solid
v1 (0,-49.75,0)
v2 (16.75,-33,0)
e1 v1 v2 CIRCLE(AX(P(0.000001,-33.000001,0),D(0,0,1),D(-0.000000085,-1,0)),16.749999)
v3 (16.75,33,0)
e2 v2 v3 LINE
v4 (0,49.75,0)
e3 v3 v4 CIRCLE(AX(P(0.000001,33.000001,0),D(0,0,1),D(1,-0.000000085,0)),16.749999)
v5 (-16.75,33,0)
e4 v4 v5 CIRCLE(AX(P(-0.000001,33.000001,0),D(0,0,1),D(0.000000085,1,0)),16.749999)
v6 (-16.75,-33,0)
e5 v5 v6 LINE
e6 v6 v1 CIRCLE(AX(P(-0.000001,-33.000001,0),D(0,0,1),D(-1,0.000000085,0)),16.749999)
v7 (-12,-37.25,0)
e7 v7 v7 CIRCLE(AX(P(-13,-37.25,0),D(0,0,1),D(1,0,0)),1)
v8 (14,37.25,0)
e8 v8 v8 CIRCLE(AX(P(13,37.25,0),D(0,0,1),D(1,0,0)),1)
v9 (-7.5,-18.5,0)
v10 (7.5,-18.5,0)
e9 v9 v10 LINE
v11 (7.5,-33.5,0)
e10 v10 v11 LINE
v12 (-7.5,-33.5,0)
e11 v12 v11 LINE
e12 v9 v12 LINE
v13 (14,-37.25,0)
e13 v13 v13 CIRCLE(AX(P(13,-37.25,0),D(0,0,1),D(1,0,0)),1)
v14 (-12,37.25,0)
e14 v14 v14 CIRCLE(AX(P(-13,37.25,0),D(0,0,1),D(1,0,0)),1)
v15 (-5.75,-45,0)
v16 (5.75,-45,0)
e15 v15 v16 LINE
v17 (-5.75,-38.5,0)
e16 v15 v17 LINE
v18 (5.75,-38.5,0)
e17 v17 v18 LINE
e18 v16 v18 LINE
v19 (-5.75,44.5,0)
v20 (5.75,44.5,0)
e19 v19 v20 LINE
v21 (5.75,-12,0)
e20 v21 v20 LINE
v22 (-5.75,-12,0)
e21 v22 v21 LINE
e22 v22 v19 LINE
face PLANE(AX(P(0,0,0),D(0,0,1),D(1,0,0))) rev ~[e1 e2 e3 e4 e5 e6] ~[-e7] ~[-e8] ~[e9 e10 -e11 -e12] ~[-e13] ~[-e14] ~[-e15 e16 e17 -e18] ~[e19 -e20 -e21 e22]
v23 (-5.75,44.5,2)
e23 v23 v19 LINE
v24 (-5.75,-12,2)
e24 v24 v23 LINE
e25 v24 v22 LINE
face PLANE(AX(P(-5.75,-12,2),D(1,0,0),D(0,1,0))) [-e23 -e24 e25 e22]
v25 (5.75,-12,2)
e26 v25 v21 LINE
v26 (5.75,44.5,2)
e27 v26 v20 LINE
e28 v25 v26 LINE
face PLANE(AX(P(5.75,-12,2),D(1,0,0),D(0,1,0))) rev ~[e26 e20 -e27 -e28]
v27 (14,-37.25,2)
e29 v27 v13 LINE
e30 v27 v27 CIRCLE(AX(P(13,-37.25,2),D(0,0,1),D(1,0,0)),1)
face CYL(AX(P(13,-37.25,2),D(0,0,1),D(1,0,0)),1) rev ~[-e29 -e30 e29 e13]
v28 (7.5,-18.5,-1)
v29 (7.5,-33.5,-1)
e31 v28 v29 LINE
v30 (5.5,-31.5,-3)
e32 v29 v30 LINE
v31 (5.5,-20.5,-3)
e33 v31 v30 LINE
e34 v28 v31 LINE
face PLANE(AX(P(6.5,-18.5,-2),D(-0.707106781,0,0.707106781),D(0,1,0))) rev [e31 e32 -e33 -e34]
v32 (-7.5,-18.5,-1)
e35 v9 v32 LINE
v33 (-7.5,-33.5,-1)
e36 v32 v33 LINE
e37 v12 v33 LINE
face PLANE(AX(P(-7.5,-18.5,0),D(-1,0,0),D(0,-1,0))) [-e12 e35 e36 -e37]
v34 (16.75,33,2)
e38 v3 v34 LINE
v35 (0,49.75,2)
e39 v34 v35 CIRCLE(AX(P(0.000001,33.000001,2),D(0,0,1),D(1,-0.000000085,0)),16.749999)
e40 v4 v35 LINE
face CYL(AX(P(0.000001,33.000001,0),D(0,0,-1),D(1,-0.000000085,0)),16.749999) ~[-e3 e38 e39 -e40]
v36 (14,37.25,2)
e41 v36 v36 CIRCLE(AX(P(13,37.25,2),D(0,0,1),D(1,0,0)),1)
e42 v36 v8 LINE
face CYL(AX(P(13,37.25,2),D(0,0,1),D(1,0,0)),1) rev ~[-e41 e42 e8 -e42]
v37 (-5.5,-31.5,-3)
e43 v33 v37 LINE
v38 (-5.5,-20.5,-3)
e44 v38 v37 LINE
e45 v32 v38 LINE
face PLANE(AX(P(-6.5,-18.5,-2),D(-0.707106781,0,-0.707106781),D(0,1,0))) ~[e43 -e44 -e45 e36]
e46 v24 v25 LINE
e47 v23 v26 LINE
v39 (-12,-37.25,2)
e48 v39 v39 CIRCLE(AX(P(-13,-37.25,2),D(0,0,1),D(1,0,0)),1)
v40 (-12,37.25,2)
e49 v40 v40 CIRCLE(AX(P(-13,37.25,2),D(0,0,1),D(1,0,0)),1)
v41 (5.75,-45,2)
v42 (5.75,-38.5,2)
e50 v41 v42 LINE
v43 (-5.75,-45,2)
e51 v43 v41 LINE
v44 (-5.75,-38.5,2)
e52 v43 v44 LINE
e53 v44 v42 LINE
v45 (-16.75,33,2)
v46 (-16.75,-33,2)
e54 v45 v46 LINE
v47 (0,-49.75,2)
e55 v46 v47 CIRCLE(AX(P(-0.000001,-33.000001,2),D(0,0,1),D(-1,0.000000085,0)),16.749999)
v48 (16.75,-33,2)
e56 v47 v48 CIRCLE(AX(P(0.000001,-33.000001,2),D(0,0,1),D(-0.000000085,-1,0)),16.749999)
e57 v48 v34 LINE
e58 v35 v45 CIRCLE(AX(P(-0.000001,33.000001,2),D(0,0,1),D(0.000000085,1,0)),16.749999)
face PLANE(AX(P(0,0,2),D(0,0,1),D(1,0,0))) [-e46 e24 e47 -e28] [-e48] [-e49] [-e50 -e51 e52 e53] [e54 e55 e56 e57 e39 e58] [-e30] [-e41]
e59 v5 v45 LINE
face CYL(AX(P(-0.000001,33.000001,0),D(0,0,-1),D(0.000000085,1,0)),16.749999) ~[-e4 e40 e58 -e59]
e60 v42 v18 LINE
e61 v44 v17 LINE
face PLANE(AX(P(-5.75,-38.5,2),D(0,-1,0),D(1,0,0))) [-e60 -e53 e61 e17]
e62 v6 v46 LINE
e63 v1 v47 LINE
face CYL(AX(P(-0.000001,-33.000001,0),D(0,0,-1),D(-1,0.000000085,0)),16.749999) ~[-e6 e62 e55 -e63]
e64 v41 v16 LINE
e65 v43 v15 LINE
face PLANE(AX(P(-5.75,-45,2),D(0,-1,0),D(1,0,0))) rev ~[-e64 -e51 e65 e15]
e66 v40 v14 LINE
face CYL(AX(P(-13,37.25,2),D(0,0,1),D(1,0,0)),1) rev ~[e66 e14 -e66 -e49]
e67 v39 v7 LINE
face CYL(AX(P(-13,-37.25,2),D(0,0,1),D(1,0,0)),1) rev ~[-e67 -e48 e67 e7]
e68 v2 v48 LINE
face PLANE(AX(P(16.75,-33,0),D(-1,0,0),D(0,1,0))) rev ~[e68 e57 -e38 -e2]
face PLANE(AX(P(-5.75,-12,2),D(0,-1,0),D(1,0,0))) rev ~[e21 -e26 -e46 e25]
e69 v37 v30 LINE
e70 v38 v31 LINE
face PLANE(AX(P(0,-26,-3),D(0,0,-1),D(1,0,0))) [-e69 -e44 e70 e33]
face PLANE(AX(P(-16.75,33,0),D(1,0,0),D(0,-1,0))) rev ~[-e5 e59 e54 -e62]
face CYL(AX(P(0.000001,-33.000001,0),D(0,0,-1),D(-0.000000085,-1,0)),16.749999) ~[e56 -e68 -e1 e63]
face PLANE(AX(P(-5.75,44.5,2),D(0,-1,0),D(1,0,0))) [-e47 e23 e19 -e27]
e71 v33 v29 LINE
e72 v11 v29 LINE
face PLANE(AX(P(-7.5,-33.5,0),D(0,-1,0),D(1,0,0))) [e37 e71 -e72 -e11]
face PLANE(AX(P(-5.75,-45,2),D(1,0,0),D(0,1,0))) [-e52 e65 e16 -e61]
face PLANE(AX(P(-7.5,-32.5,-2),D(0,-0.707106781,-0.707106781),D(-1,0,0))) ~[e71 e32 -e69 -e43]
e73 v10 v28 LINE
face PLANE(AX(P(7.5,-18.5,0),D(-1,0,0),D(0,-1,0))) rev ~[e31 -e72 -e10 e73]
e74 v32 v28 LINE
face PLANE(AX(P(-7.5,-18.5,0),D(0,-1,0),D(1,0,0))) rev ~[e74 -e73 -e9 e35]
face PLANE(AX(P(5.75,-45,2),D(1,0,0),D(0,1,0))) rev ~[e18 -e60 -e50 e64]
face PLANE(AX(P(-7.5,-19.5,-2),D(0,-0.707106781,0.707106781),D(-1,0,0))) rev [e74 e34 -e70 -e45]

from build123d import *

# Parameters (mm, degrees)
F1_DEPTH = 2
F2_R     = 1
F3_DEPTH = 2.001
F4_W     = 11.5
F4_H     = 56.5
F4_H_2   = 6.5
F5_DEPTH = 2.001
F6_W     = 15
F6_H     = 15
F7_DEPTH = 3
F8_SIZE  = 2


with BuildPart() as f1:
    # F0 (on Top) → F1 (new body)
    with BuildSketch(Plane.XY):
        with BuildLine():
            Line((16.75, -33), (16.75, 33))
            ThreePointArc((16.75, 33), (11.844039, 44.844039), (0, 49.75))
            ThreePointArc((0, 49.75), (-11.844039, 44.844039), (-16.75, 33))
            Line((-16.75, 33), (-16.75, -33))
            ThreePointArc((-16.75, -33), (-11.844039, -44.844039), (0, -49.75))
            ThreePointArc((0, -49.75), (11.844039, -44.844039), (16.75, -33))
        make_face()
    extrude(amount=F1_DEPTH)

    # F2 (on face) → F3 (cut, through all)
    with BuildSketch(Plane.XY.offset(2)):
        with Locations((-13, -37.25)):
            Circle(F2_R)
        with Locations((13, -37.25)):
            Circle(F2_R)
        with Locations((13, 37.25)):
            Circle(F2_R)
        with Locations((-13, 37.25)):
            Circle(F2_R)
    extrude(amount=-F3_DEPTH, mode=Mode.SUBTRACT)

    # F4 (on face) → F5 (cut, through all)
    with BuildSketch(Plane.XY.offset(2)):
        with Locations((0, 16.25)):
            Rectangle(F4_W, F4_H)
        with Locations((0, -41.75)):
            Rectangle(F4_W, F4_H_2)
    extrude(amount=-F5_DEPTH, mode=Mode.SUBTRACT)

    # F6 (on face) → F7 (join)
    with BuildSketch(Plane(origin=(0, 0, 0), x_dir=(1, 0, 0), z_dir=(0, 0, -1))):
        with Locations((0, 26)):
            Rectangle(F6_W, F6_H)
    extrude(amount=F7_DEPTH)

    # F8
    f8_edges = [f1.edges().sort_by_distance(p)[0] for p in [
        (0, -33.5, -3),
        (-7.5, -26, -3),
        (0, -18.5, -3),
        (7.5, -26, -3),
    ]]
    chamfer(f8_edges, length=F8_SIZE)


solid = f1.part
